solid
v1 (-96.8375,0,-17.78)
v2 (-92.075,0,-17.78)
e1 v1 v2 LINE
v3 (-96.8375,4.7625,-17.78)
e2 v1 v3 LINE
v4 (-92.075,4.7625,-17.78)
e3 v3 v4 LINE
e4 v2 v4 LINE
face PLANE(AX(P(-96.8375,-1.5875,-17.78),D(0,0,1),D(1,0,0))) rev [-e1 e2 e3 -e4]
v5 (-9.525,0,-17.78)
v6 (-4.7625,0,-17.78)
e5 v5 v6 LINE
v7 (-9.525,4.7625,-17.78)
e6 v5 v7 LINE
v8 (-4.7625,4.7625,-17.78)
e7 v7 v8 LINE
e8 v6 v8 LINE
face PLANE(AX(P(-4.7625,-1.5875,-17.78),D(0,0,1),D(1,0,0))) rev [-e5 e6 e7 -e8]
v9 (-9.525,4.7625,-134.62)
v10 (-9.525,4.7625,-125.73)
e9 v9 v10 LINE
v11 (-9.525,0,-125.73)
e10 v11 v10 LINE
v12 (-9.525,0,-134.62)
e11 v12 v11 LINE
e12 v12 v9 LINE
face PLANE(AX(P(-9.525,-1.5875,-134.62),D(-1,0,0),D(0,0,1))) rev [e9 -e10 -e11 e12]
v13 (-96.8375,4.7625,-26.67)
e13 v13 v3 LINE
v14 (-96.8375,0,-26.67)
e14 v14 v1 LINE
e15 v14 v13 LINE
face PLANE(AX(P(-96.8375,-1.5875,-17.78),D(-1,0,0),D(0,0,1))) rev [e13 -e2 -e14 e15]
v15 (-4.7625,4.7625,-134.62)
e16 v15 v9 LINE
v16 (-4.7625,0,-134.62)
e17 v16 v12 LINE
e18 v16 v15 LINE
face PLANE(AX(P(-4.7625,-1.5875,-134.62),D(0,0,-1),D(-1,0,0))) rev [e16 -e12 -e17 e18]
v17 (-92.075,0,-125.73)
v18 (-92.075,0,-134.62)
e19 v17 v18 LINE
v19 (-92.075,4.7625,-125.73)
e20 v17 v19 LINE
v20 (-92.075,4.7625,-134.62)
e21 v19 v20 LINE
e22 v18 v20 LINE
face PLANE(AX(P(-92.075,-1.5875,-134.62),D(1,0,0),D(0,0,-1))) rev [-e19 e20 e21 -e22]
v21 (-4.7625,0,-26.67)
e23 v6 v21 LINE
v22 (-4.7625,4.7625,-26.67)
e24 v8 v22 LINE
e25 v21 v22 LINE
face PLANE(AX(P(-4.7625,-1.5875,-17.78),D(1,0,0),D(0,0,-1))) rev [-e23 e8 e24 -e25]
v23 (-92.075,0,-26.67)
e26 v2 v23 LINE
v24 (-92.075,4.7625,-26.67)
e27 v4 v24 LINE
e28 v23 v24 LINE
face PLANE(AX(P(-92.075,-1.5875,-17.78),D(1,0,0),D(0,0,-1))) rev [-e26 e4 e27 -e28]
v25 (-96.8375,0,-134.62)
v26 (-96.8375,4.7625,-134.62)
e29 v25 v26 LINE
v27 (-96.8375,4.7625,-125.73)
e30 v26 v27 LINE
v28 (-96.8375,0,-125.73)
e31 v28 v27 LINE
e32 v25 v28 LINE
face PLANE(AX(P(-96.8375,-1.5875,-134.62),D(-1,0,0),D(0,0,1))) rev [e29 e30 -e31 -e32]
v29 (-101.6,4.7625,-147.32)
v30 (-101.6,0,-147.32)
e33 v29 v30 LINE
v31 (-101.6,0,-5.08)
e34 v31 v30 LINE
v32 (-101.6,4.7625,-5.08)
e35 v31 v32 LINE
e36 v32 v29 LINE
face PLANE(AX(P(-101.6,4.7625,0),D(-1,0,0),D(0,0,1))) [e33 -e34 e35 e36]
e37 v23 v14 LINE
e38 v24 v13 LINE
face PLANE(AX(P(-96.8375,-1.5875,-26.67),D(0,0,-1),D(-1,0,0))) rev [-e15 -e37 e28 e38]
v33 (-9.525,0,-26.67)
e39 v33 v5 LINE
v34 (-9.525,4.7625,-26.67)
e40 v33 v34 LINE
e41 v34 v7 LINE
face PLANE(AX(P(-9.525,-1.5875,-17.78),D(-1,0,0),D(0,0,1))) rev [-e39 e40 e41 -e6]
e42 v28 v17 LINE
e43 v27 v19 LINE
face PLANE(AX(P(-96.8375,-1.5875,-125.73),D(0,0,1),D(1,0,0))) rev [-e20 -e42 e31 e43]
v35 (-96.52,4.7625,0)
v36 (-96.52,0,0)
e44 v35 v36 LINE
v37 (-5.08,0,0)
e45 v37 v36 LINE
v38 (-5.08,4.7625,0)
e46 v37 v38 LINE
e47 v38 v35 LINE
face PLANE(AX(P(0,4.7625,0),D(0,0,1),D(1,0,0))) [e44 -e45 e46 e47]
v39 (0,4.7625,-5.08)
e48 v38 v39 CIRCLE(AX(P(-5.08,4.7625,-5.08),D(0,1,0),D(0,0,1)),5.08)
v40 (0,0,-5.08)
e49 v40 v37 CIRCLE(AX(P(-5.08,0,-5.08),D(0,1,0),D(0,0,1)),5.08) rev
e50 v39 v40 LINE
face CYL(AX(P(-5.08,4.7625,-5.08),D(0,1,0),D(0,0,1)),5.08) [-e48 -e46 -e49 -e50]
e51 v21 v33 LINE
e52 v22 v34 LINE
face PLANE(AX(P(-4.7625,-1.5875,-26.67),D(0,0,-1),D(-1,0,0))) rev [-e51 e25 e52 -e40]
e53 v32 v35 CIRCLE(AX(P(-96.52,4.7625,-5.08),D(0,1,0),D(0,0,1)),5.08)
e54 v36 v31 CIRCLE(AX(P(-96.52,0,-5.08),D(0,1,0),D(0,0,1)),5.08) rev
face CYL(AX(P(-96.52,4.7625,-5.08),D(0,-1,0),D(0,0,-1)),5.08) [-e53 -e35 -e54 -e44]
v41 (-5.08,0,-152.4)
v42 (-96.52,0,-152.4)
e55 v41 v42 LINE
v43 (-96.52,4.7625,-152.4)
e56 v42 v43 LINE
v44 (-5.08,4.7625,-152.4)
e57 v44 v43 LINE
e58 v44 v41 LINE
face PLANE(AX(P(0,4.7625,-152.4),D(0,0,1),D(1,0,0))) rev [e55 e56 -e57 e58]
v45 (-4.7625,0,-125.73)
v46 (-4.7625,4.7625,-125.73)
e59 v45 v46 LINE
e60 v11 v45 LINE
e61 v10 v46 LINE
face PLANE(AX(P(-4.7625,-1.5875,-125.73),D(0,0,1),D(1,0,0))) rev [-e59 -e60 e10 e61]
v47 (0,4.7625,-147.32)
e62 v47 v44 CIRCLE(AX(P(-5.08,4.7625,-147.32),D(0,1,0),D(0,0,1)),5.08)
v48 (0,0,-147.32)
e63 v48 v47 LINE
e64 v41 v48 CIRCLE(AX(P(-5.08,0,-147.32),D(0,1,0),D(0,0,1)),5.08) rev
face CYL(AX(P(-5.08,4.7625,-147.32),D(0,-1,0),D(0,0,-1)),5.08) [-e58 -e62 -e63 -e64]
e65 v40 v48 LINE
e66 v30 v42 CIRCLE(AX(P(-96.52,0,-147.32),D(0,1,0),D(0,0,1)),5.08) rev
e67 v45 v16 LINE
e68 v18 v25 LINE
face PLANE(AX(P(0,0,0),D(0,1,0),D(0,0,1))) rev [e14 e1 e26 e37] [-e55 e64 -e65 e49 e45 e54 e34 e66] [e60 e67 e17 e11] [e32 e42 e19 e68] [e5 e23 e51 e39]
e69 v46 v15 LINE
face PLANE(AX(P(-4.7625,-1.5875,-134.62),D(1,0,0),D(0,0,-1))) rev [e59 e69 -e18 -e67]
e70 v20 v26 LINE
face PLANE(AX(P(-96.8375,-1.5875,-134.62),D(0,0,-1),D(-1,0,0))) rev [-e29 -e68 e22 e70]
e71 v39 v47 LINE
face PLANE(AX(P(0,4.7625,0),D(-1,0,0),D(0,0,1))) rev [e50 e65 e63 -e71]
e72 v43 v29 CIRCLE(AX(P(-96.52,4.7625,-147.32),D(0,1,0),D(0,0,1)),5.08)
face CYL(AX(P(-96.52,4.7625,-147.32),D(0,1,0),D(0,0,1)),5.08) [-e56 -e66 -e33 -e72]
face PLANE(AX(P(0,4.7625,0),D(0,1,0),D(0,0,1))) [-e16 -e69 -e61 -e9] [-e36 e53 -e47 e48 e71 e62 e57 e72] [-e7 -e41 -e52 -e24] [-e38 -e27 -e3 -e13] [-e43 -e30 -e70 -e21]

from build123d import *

# Parameters (mm, degrees)
SKETCH1_W           = 101.6
SKETCH1_H           = 152.4
BOSS_EXTRUDE1_DEPTH = 4.7625
SKETCH2_W           = 4.7625
SKETCH2_H           = 8.89
CUT_EXTRUDE1_DEPTH  = 6.35
FILLET1_R           = 5.08


with BuildPart() as part:
    # Sketch1 → Boss-Extrude1 (new body)
    with BuildSketch(Plane(origin=(0, 0, 0), x_dir=(1, 0, 0), z_dir=(0, 1, 0))):
        with Locations((-50.8, 76.2)):
            Rectangle(SKETCH1_W, SKETCH1_H)
    extrude(amount=BOSS_EXTRUDE1_DEPTH)

    # Sketch2 → Cut-Extrude1 (cut)
    with BuildSketch(Plane(origin=(0, 4.7625, 0), x_dir=(1, 0, 0), z_dir=(0, 1, 0))):
        with Locations((-7.14375, 130.175)):
            Rectangle(SKETCH2_W, SKETCH2_H)
        with Locations((-94.45625, 130.175)):
            Rectangle(SKETCH2_W, SKETCH2_H)
        with Locations((-7.14375, 22.225)):
            Rectangle(SKETCH2_W, SKETCH2_H)
        with Locations((-94.45625, 22.225)):
            Rectangle(SKETCH2_W, SKETCH2_H)
    extrude(amount=-CUT_EXTRUDE1_DEPTH, mode=Mode.SUBTRACT)

    # Fillet1
    fillet1_edges = [part.edges().sort_by_distance(p)[0] for p in [
        (0, 2.38125, 0),
        (-101.6, 2.38125, 0),
        (-101.6, 2.38125, -152.4),
        (0, 2.38125, -152.4),
    ]]
    fillet(fillet1_edges, radius=FILLET1_R)


solid = part.part
